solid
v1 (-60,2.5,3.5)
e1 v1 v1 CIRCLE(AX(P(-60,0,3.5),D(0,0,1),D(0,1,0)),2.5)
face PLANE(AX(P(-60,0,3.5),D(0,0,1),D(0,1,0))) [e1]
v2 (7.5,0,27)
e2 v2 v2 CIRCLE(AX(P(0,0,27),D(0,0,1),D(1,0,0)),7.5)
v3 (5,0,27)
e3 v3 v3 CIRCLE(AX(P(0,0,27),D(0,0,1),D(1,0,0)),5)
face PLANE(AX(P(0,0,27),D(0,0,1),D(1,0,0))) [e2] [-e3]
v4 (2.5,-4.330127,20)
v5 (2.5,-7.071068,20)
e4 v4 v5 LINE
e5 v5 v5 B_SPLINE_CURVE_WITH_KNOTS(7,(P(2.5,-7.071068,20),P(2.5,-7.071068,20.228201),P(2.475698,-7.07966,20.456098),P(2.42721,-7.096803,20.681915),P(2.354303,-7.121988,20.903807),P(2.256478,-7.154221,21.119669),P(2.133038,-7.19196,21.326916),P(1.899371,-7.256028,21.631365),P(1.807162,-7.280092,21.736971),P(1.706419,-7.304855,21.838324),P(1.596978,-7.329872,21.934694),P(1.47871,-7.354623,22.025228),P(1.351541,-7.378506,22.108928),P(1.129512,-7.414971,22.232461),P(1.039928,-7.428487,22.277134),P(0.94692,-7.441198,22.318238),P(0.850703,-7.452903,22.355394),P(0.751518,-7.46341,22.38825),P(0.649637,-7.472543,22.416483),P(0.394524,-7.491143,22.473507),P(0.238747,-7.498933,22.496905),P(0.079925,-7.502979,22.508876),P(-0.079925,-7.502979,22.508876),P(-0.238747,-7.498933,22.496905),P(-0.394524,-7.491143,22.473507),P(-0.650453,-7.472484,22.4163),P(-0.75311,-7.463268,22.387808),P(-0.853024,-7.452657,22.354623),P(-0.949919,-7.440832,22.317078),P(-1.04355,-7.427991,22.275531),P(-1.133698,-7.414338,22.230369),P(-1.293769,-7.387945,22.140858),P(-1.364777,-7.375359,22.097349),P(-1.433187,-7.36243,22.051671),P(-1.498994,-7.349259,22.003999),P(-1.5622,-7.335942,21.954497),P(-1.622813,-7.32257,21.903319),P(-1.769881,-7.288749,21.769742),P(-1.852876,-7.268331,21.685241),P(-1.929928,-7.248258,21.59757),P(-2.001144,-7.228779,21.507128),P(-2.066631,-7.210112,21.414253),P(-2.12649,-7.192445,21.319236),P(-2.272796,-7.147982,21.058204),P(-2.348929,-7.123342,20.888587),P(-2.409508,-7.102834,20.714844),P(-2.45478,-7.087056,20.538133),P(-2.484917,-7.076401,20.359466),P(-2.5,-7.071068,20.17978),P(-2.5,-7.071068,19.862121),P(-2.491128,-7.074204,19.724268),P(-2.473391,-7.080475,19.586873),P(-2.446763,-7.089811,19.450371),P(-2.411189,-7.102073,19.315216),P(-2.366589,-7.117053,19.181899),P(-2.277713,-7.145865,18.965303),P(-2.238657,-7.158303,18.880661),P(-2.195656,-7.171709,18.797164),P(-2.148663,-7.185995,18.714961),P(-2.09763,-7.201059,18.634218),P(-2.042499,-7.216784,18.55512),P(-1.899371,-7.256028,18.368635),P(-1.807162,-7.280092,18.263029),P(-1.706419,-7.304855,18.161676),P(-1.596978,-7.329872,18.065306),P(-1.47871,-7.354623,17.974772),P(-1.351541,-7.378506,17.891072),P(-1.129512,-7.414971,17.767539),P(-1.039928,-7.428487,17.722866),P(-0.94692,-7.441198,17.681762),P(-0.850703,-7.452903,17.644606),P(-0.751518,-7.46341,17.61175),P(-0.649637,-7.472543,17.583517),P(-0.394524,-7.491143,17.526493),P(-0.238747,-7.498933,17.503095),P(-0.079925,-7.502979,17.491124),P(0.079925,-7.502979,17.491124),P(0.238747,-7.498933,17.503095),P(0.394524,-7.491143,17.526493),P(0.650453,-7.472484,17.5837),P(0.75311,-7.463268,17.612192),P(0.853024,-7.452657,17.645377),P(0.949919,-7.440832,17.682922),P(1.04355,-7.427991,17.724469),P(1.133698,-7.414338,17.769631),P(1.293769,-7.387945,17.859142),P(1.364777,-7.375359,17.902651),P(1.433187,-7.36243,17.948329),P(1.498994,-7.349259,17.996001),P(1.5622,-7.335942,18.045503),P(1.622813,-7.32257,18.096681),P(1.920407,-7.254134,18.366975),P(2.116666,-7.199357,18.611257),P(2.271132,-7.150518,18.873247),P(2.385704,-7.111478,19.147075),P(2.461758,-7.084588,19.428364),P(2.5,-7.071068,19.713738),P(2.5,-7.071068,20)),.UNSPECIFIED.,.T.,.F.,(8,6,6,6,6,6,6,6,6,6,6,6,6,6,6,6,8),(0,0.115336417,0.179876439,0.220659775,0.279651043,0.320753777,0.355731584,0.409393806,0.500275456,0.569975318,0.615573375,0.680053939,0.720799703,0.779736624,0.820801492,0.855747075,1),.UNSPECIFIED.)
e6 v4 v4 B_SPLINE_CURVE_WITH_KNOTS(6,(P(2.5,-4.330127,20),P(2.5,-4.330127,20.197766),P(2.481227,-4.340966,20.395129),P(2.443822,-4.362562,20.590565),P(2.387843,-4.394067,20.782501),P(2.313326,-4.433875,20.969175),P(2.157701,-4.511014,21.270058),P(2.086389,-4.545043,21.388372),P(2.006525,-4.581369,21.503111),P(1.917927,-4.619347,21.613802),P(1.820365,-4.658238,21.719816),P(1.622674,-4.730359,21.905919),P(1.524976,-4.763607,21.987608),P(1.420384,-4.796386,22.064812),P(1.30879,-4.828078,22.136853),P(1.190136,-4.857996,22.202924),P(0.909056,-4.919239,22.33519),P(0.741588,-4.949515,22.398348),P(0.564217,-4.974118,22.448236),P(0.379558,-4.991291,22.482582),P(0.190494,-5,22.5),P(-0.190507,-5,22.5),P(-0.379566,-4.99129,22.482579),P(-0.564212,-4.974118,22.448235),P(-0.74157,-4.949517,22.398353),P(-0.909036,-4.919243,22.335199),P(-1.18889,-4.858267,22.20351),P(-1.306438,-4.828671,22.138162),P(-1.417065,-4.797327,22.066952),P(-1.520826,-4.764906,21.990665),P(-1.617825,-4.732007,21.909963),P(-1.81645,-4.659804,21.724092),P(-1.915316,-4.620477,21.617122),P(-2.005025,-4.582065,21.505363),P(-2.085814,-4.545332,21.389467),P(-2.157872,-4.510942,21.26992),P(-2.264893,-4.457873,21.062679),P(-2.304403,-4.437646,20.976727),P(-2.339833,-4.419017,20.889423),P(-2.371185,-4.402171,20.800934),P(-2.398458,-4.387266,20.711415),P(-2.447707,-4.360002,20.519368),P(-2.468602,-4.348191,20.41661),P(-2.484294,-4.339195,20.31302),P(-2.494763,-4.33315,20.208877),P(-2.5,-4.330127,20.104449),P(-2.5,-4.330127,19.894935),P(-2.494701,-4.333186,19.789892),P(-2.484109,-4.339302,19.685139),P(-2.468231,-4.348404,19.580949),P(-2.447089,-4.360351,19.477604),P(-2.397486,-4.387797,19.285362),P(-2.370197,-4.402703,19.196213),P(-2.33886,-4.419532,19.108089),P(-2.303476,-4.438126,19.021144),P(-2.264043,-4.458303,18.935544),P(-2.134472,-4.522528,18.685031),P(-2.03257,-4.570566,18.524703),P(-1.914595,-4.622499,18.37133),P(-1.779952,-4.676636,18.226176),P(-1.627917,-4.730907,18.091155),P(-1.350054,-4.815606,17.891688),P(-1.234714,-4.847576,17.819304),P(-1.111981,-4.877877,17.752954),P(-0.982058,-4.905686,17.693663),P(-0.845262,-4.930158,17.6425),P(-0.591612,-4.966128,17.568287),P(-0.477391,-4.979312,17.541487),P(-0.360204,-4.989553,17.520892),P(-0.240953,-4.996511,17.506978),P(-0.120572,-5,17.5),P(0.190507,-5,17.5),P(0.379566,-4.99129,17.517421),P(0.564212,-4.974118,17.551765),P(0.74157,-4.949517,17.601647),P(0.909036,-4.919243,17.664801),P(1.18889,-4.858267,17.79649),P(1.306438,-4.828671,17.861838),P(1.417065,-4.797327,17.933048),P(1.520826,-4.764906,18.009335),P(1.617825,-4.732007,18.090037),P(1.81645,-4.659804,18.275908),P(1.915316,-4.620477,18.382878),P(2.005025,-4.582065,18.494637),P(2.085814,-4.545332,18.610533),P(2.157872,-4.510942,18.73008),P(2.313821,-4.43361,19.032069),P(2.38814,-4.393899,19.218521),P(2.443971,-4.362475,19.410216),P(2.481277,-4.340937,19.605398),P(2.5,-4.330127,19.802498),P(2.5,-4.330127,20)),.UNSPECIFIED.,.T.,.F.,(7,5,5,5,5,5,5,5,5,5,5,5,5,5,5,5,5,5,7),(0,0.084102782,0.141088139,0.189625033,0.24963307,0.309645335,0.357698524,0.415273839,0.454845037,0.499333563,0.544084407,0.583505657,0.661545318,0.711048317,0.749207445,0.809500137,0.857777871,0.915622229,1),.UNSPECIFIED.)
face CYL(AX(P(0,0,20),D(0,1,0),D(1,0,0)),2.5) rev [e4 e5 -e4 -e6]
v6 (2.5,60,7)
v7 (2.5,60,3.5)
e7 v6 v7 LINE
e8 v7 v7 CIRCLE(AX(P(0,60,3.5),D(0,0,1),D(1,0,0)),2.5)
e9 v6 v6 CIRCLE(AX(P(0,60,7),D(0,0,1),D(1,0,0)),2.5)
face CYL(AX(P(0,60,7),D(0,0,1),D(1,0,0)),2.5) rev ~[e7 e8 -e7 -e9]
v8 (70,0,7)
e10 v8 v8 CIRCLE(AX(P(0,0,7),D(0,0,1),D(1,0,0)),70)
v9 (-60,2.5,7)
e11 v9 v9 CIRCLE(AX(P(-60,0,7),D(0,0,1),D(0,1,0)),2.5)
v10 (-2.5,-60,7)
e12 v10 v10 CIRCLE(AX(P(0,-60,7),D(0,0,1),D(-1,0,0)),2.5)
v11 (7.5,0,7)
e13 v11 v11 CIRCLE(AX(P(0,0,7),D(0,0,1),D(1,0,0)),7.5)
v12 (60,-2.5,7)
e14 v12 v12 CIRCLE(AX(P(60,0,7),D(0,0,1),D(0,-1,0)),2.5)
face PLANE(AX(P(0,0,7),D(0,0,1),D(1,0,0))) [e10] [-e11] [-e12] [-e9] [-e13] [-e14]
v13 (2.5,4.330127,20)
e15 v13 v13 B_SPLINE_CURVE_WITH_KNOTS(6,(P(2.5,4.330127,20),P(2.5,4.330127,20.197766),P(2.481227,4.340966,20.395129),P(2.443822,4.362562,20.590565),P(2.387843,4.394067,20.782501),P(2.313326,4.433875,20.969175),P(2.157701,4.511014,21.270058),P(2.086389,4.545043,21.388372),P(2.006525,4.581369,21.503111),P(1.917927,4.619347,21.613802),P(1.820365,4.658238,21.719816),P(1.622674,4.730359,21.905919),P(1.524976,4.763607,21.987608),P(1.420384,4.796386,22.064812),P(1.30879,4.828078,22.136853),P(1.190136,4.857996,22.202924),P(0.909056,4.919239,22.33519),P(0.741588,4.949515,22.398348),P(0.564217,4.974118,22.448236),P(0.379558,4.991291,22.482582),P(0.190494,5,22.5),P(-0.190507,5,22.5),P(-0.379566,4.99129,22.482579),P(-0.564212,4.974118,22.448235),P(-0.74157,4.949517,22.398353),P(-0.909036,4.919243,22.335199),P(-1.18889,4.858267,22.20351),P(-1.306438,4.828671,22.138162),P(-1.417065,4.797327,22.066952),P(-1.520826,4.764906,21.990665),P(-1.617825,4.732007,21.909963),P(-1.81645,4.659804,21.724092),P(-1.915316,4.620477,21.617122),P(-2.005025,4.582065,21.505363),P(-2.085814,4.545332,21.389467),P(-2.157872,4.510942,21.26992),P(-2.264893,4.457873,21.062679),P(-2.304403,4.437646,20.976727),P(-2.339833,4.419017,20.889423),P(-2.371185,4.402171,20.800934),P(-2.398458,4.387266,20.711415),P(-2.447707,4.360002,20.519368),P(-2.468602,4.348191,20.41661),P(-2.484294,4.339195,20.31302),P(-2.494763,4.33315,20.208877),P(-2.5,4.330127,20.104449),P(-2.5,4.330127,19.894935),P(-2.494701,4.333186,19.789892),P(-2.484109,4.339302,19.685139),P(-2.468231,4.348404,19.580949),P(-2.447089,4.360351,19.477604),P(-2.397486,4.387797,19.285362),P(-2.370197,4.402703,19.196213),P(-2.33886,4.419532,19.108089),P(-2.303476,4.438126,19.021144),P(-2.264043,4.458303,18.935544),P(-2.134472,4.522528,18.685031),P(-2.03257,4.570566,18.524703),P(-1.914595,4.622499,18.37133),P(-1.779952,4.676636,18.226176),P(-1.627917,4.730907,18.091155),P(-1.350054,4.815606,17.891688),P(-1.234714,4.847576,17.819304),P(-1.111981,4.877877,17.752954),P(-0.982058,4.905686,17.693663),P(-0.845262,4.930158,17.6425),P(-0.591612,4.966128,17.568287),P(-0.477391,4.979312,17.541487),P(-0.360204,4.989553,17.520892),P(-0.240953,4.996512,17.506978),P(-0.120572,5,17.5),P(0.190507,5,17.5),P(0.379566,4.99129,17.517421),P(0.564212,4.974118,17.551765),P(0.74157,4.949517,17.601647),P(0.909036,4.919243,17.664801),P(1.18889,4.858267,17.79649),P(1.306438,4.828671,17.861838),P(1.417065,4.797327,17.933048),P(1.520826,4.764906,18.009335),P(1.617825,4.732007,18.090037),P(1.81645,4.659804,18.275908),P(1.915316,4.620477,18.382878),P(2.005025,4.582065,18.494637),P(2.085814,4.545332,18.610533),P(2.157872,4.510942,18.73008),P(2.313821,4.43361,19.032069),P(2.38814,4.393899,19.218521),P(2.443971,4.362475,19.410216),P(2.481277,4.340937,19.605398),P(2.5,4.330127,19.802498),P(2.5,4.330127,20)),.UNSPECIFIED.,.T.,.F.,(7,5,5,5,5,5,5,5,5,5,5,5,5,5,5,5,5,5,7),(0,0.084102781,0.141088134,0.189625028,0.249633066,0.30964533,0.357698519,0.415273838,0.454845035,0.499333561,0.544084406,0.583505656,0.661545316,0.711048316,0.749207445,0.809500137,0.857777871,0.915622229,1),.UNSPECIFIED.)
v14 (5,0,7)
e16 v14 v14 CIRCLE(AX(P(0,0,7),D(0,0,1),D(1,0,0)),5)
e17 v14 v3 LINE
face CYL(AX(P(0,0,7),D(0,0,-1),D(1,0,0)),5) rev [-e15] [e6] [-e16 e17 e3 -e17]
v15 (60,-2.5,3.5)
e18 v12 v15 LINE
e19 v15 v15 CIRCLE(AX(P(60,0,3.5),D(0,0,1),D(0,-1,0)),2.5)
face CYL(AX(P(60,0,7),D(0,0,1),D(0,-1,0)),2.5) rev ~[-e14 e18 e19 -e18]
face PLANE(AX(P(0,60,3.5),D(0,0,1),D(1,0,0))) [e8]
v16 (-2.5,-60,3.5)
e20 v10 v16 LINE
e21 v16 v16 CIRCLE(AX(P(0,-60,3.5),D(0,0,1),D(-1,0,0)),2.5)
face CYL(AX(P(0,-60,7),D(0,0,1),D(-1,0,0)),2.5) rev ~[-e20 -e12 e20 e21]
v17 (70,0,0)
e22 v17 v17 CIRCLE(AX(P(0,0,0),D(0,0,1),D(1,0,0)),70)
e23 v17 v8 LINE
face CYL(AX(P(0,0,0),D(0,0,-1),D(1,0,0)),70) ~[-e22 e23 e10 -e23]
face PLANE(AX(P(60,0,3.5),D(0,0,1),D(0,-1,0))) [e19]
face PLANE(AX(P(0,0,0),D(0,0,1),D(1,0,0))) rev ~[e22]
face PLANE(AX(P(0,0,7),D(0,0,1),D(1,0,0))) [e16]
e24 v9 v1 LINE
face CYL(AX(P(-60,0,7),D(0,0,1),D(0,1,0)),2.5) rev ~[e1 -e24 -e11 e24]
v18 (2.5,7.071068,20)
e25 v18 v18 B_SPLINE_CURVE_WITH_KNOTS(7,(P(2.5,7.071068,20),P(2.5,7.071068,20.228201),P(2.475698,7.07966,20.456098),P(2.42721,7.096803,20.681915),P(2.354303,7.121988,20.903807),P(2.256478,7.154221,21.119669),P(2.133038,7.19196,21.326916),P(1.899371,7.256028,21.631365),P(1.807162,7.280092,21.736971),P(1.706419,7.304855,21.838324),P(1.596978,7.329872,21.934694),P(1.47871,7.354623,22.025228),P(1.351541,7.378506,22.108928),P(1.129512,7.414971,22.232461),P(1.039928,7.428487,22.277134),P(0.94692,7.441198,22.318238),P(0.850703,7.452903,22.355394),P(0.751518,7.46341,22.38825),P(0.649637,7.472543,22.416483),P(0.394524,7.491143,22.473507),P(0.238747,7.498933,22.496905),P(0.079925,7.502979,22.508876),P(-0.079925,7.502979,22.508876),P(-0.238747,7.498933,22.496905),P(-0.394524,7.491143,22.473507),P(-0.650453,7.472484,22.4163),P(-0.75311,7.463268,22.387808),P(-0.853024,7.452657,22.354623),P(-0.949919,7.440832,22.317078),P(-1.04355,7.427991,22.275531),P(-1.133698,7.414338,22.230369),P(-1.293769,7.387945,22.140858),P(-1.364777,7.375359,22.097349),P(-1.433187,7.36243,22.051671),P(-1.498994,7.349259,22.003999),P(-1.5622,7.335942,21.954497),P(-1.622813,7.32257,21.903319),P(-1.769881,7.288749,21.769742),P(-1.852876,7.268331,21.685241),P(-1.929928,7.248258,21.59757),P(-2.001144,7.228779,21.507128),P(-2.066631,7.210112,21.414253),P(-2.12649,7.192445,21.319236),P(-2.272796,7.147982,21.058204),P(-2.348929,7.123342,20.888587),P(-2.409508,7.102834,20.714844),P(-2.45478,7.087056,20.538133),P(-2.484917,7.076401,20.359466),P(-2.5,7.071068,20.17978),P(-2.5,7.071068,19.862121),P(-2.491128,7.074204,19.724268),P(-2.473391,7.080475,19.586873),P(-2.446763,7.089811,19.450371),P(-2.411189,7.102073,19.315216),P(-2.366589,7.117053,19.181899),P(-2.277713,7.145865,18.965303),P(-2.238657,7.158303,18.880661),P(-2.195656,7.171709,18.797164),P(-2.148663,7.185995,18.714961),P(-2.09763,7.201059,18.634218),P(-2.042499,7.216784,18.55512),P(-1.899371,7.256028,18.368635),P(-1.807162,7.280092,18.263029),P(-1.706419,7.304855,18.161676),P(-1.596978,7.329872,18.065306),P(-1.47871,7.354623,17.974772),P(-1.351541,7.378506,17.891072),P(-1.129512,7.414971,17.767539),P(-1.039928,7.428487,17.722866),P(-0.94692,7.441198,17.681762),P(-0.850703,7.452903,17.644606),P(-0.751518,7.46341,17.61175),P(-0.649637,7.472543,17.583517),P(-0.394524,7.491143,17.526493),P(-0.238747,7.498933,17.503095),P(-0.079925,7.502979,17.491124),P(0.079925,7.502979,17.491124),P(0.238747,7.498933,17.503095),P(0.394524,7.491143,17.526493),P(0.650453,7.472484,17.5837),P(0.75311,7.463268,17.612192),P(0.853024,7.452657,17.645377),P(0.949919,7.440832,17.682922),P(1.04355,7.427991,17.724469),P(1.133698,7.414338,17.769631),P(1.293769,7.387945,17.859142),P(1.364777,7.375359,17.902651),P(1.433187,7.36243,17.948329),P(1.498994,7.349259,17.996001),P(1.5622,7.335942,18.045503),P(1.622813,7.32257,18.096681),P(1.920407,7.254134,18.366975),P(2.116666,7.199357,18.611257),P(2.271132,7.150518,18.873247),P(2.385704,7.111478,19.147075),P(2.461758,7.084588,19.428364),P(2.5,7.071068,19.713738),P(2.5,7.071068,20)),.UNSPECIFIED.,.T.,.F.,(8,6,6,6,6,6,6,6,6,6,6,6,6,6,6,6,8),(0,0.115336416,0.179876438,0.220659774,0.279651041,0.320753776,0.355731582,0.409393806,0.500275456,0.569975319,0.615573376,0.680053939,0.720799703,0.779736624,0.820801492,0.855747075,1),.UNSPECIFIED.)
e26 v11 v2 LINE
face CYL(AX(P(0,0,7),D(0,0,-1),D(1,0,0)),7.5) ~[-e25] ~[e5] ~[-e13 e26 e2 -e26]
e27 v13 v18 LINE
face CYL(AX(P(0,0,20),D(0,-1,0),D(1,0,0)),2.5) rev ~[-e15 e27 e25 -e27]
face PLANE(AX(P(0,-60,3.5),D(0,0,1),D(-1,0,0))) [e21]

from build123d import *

# Parameters (mm, degrees)
SKETCH018_R          = 70
PAD010_DEPTH         = 7
SKETCH019_R          = 2.5
POCKET_DEPTH         = 3.5
POLARPATTERN_COUNT   = 4
SKETCH_R             = 7.5
SKETCH_R_2           = 5
PAD_DEPTH            = 20
SKETCH020_R          = 2.5
POCKET005_DEPTH      = 70.001
POCKET005_DEPTH_BACK = 70.001


with BuildPart() as part:
    # Sketch018 → Pad010 (new body)
    with BuildSketch(Plane.XY):
        Circle(SKETCH018_R)
    extrude(amount=PAD010_DEPTH)

    # Sketch019 → Pocket (cut)
    with BuildSketch(Plane.XY.offset(7)):
        with Locations((0, 60)):
            Circle(SKETCH019_R)
    pocket = extrude(amount=-POCKET_DEPTH, mode=Mode.SUBTRACT)

    # PolarPattern: Pocket ×4 about axis
    polarpattern_axis = Axis((0, 0, 7), (0, 0, 1))
    for i in range(1, POLARPATTERN_COUNT):
        add(pocket.rotate(polarpattern_axis, i * 360 / POLARPATTERN_COUNT), mode=Mode.SUBTRACT)

    # Sketch (on Face3 of PolarPattern) → Pad (join)
    with BuildSketch(Plane.XY.offset(7)):
        Circle(SKETCH_R)
        Circle(SKETCH_R_2, mode=Mode.SUBTRACT)
    extrude(amount=PAD_DEPTH)

    # Sketch020 → Pocket005 (cut, two sides)
    with BuildSketch(Plane.XZ) as pocket005_sk:
        with Locations((0, 20)):
            Circle(SKETCH020_R)
    extrude(amount=-POCKET005_DEPTH, mode=Mode.SUBTRACT)
    extrude(pocket005_sk.sketch, amount=POCKET005_DEPTH_BACK, mode=Mode.SUBTRACT)


solid = part.part
